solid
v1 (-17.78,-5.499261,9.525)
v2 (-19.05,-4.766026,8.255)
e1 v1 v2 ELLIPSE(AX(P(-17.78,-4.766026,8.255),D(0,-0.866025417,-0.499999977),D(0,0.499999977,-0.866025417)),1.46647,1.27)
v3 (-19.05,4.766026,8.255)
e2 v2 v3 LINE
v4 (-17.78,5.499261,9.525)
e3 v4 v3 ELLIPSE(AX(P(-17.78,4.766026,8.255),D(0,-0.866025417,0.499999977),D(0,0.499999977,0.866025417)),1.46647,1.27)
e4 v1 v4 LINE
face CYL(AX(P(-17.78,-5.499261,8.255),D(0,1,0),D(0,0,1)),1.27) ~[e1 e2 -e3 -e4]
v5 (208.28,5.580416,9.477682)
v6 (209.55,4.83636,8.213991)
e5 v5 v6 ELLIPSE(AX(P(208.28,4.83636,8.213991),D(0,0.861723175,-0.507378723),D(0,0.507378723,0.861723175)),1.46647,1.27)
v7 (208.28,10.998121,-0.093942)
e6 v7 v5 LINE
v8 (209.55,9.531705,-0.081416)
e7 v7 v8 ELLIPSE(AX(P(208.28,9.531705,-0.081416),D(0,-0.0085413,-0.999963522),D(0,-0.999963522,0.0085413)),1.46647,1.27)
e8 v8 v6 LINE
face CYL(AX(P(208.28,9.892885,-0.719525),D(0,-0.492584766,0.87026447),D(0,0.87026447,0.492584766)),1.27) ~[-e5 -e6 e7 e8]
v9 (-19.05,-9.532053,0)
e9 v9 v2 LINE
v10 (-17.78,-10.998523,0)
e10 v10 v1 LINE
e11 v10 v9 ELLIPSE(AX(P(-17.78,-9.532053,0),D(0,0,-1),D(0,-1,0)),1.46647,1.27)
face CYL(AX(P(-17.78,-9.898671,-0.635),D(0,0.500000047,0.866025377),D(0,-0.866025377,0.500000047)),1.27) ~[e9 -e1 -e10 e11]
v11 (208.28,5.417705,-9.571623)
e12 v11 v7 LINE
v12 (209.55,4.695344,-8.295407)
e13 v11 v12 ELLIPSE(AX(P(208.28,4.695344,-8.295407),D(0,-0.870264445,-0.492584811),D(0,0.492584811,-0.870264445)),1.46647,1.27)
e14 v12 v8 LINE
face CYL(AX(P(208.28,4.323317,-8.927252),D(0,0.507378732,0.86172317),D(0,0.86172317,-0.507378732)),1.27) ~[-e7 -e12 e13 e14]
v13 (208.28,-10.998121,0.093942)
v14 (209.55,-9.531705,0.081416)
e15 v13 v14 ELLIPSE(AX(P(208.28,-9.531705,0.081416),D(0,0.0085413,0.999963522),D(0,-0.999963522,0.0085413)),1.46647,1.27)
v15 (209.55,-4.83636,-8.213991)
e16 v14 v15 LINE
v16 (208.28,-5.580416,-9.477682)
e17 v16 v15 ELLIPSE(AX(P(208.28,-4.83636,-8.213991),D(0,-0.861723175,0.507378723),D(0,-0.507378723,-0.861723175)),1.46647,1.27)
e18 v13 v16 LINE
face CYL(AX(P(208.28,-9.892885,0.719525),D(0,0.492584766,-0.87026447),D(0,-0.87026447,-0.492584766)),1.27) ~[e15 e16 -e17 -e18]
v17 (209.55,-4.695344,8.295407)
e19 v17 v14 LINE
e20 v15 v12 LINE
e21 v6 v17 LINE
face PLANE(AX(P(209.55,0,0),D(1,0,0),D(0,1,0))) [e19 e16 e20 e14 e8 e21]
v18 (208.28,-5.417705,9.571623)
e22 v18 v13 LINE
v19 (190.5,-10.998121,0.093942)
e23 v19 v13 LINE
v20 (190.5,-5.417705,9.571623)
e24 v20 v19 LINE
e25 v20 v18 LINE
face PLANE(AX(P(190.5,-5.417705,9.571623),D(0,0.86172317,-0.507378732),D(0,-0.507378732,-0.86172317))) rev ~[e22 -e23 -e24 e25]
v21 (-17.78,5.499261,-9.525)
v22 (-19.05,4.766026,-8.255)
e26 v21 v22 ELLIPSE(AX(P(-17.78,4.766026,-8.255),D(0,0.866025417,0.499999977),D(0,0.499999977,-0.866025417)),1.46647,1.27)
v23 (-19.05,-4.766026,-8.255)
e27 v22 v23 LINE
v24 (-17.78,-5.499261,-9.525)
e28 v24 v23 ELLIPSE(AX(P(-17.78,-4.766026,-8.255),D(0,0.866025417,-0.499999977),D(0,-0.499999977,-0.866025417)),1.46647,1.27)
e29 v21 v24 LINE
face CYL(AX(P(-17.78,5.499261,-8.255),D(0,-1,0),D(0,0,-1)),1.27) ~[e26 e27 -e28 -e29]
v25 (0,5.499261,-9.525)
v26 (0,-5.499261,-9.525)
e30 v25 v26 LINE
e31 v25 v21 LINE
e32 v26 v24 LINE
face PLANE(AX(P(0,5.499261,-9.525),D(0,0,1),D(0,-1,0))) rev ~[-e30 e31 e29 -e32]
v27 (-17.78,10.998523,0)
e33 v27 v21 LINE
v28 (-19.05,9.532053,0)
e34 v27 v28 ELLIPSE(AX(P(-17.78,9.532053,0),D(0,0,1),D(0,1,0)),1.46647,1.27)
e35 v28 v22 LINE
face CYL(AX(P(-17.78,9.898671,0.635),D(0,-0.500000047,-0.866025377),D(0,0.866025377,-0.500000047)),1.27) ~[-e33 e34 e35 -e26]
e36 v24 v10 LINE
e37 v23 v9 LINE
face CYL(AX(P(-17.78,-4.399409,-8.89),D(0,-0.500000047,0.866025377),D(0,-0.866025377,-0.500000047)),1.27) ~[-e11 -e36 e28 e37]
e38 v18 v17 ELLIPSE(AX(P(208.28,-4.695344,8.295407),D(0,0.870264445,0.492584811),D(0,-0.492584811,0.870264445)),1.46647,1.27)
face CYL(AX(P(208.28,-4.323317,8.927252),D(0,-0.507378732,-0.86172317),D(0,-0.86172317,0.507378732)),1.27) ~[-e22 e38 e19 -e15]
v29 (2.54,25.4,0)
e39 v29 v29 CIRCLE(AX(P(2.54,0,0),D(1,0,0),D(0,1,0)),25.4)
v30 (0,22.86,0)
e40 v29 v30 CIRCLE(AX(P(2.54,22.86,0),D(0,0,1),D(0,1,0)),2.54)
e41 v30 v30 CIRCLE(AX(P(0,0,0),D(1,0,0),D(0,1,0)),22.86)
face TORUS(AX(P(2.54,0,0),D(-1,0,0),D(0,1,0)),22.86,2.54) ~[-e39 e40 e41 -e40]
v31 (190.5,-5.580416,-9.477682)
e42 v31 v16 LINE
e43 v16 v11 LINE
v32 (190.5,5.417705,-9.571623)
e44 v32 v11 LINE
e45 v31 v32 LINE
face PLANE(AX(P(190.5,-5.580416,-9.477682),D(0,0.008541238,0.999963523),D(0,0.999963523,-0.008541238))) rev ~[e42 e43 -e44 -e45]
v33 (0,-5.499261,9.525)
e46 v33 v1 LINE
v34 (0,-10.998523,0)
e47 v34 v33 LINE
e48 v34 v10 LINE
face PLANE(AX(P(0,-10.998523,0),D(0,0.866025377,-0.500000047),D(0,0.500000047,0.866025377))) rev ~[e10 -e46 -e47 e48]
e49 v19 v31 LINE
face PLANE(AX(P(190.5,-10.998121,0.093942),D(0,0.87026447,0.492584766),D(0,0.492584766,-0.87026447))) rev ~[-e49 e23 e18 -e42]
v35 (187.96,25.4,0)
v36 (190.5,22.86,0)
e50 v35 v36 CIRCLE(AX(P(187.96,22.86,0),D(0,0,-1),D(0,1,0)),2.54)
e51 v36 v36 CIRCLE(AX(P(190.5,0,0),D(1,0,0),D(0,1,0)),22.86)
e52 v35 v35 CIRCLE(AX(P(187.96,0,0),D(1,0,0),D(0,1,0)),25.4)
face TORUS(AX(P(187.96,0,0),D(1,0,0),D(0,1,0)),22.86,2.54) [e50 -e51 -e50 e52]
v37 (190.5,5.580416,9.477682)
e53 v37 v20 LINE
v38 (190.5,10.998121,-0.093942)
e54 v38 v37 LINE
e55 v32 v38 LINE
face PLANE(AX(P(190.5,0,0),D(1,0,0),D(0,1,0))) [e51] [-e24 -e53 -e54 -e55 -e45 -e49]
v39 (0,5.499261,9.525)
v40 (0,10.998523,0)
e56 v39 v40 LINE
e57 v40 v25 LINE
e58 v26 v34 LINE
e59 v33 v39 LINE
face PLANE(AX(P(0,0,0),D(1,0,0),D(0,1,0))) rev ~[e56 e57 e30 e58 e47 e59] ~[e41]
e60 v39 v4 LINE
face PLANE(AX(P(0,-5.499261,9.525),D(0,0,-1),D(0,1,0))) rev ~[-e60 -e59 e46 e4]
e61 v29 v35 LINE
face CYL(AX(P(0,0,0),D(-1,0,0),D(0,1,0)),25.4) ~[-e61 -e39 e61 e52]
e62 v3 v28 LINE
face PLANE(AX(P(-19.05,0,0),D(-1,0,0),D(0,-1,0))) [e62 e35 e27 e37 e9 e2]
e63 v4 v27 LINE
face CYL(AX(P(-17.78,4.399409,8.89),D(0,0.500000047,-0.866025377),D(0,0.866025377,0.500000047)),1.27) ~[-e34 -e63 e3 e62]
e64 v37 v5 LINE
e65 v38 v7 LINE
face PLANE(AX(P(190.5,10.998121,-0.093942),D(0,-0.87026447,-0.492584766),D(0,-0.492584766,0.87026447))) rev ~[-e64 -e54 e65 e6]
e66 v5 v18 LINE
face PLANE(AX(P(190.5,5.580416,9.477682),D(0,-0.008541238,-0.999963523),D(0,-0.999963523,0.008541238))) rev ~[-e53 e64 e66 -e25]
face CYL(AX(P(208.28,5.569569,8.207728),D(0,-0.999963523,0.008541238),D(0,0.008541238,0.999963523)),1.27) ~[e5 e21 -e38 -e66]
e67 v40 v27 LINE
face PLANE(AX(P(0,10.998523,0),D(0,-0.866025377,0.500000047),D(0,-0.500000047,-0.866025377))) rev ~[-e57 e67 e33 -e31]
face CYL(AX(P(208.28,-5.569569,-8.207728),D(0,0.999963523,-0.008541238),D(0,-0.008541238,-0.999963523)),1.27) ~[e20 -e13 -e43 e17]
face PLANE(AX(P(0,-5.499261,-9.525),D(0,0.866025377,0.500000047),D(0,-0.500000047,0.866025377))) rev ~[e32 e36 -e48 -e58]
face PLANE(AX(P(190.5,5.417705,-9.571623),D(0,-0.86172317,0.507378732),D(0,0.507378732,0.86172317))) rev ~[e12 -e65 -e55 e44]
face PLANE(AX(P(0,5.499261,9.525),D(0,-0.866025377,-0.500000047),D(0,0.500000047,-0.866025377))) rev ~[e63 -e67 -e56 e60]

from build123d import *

# Parameters (mm, degrees)
F0_R     = 25.4
F1_DEPTH = 190.5
F3_DEPTH = 19.05
F5_DEPTH = 19.05
F6_R     = 2.54
F7_R     = 2.54
F8_R     = 1.27
F9_R     = 1.27


with BuildPart() as f1:
    # F0 (on Right) → F1 (new body)
    with BuildSketch(Plane.YZ):
        Circle(F0_R)
    extrude(amount=F1_DEPTH)

    # F2 (on face) → F3 (join)
    with BuildSketch(Plane(origin=(0, 0, 0), x_dir=(0, -1, 0), z_dir=(-1, 0, 0))):
        Polygon((5.499261, 9.525), (-5.499261, 9.525), (-10.998523, 0), (-5.499261, -9.525), (5.499261, -9.525), (10.998523, 0), align=None)
    extrude(amount=F3_DEPTH)

    # F4 (on face) → F5 (join)
    with BuildSketch(Plane.YZ.offset(190.5)):
        Polygon((10.998121, -0.093942), (5.580416, 9.477682), (-5.417705, 9.571623), (-10.998121, 0.093942), (-5.580416, -9.477682), (5.417705, -9.571623), align=None)
    extrude(amount=F5_DEPTH)

    # F6
    f6_edges = [f1.edges().sort_by_distance(p)[0] for p in [
        (190.5, -25.4, 0),
    ]]
    fillet(f6_edges, radius=F6_R)

    # F7
    f7_edges = [f1.edges().sort_by_distance(p)[0] for p in [
        (0, -25.4, 0),
    ]]
    fillet(f7_edges, radius=F7_R)

    # F8
    f8_edges = [f1.edges().sort_by_distance(p)[0] for p in [
        (209.55, 8.289269, 4.69187),
        (209.55, 0.081356, 9.524653),
        (209.55, -8.207913, 4.832782),
        (209.55, -8.289269, -4.69187),
        (209.55, -0.081356, -9.524653),
        (209.55, 8.207913, -4.832782),
    ]]
    fillet(f8_edges, radius=F8_R)

    # F9
    f9_edges = [f1.edges().sort_by_distance(p)[0] for p in [
        (-19.05, 0, 9.525),
        (-19.05, 8.248892, 4.7625),
        (-19.05, 8.248892, -4.7625),
        (-19.05, 0, -9.525),
        (-19.05, -8.248892, -4.7625),
        (-19.05, -8.248892, 4.7625),
    ]]
    fillet(f9_edges, radius=F9_R)


solid = f1.part
